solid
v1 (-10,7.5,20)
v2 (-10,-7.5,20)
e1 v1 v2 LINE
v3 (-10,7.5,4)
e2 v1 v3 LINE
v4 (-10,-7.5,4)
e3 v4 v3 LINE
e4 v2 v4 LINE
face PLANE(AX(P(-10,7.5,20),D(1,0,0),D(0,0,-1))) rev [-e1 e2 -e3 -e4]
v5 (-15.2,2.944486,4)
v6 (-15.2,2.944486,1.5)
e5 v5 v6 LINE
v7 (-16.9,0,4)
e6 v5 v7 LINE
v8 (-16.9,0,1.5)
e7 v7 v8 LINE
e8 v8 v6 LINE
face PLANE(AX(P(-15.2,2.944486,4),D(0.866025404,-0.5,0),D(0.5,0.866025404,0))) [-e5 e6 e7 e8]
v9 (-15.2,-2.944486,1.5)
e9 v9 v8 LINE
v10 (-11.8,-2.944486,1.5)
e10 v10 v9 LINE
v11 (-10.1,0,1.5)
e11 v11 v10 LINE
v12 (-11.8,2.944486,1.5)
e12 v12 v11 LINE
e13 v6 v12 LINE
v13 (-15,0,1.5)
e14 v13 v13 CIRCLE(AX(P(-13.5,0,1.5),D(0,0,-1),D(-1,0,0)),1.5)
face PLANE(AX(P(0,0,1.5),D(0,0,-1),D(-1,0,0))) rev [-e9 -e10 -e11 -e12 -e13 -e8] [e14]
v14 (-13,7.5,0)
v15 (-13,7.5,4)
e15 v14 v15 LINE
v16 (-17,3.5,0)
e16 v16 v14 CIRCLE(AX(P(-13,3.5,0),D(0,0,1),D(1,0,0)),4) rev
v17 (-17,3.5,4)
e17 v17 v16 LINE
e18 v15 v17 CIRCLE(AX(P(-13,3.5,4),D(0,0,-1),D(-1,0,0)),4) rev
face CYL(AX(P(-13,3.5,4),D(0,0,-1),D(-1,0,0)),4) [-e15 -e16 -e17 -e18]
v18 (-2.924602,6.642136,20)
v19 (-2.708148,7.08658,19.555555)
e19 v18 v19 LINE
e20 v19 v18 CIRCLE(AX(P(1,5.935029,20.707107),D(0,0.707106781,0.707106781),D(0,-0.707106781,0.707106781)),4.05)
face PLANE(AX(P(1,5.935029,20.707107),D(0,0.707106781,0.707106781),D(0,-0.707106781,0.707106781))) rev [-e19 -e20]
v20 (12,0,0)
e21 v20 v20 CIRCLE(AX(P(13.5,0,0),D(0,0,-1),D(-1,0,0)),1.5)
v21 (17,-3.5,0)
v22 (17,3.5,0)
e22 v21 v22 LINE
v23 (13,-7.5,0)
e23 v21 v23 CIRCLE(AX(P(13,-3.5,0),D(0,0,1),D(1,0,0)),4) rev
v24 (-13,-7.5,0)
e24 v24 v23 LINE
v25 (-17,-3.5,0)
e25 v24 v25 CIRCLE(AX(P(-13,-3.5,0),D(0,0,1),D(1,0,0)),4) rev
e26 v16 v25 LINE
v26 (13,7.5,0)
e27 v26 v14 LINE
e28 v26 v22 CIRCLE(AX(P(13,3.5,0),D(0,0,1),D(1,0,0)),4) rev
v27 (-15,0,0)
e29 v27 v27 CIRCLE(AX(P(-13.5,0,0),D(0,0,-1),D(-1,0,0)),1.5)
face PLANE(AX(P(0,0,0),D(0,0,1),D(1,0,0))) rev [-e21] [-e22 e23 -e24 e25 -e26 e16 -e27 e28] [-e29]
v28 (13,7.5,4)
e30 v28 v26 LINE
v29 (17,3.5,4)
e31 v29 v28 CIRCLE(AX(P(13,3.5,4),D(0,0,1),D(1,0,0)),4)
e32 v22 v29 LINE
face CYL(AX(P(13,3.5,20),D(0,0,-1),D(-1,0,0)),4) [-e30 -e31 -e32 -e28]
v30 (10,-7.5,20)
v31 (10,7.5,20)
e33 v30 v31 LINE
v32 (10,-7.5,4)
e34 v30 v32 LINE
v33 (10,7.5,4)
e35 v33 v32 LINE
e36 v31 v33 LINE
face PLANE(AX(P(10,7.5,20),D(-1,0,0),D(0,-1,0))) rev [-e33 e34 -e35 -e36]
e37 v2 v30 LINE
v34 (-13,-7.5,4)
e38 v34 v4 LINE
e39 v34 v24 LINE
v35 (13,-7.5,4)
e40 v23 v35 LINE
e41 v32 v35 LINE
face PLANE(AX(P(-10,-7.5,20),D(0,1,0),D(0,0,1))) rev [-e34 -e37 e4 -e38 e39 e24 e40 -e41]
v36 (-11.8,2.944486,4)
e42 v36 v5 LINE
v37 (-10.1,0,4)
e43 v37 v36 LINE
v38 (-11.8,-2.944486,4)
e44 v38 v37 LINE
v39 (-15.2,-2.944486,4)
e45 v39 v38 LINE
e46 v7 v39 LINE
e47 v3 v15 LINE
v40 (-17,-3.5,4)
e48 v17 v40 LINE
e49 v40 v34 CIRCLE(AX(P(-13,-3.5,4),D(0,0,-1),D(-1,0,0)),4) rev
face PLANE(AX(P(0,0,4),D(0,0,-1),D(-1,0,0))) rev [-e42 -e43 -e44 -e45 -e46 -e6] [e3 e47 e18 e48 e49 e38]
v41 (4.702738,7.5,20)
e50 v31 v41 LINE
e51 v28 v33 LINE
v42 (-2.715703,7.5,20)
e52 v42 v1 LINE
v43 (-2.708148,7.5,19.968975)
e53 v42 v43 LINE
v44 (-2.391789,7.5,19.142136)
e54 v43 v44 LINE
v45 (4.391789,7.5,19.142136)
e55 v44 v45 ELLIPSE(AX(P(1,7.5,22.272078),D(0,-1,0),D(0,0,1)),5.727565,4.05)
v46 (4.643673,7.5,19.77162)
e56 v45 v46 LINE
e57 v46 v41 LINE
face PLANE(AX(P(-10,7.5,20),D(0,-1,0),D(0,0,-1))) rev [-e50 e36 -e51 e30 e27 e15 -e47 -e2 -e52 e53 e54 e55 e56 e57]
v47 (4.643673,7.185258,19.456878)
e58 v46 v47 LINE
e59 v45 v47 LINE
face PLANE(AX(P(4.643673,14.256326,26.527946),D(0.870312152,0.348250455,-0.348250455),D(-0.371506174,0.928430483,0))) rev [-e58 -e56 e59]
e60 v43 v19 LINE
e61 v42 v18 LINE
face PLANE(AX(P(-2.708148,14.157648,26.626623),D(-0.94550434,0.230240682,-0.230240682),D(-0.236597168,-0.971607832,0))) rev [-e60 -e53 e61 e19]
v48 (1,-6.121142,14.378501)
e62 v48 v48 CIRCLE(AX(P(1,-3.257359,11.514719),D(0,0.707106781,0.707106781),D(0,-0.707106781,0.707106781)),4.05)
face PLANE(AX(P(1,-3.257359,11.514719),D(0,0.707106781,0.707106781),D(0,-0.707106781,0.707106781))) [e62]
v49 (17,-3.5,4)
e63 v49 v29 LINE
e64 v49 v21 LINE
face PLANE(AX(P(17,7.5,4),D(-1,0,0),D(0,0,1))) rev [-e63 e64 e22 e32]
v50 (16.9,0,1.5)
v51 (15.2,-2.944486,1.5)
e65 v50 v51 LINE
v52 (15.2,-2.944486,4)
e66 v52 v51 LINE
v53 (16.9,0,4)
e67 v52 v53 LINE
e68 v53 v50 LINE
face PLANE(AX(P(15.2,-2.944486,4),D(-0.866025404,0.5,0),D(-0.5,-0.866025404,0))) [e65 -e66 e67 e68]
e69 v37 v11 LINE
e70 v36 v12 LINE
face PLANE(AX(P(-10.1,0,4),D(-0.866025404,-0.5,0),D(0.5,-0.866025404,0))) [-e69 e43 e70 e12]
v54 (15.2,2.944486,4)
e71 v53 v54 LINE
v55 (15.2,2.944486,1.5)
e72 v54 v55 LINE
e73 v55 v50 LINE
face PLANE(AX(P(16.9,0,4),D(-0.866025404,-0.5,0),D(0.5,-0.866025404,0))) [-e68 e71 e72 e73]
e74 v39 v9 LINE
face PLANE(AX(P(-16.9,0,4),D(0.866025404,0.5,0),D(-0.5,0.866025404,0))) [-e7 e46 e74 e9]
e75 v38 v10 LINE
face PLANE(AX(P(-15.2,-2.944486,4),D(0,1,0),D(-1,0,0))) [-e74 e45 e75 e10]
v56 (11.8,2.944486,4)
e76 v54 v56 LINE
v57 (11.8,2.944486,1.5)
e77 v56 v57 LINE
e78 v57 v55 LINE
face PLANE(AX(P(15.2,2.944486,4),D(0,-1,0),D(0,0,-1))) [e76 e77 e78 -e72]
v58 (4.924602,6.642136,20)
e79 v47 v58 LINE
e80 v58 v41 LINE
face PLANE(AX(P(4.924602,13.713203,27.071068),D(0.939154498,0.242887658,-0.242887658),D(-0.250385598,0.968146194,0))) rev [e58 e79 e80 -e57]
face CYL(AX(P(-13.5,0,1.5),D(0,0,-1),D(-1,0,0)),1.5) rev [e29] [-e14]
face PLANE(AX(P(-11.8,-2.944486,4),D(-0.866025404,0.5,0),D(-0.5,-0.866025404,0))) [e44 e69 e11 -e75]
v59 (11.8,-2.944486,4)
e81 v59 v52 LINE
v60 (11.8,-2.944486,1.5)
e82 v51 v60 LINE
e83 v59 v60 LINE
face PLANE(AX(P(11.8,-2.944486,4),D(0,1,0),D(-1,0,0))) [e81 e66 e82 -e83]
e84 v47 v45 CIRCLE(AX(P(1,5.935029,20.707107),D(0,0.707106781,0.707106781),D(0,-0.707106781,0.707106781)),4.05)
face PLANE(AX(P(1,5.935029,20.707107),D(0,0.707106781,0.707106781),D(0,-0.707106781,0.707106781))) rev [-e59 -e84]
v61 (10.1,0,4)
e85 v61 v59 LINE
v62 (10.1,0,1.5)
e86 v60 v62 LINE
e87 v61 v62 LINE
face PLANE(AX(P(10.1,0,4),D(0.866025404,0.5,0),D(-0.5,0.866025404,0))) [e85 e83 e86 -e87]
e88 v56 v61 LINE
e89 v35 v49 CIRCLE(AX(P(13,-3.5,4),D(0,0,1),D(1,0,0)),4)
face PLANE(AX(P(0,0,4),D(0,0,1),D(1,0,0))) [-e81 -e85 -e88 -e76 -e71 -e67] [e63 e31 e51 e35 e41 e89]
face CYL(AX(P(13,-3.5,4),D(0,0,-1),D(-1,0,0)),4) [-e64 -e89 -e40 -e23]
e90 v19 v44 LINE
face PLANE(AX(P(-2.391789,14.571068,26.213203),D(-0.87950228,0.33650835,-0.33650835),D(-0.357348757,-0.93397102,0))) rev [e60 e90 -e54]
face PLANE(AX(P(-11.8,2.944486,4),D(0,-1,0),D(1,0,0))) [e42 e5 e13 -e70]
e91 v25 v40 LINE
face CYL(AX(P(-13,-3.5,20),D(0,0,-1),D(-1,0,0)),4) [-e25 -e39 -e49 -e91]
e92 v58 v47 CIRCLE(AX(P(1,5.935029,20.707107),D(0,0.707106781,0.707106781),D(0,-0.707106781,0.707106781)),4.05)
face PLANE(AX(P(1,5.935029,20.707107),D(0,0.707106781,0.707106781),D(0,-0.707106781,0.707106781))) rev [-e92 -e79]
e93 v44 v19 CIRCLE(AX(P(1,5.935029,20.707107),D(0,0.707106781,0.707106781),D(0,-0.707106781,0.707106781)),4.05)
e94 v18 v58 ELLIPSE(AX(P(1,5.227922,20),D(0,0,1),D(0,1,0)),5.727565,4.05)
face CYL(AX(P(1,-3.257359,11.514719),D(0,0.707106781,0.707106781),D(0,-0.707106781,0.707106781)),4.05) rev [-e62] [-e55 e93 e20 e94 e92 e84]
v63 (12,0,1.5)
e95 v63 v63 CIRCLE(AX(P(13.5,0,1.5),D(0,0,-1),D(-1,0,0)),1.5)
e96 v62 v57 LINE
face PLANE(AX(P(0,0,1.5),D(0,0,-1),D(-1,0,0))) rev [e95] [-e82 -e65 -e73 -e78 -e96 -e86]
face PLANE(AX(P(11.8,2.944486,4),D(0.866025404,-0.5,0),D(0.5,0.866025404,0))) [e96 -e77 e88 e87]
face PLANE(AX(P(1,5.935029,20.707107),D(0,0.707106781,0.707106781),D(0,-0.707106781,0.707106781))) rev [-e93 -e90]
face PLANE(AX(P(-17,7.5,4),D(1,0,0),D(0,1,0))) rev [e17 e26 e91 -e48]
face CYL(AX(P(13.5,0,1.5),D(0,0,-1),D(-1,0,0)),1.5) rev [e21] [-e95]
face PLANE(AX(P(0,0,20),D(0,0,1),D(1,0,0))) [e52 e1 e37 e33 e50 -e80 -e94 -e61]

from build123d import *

# Parameters (mm, degrees)
SKETCH_1_W          = 20
SKETCH_1_H          = 15
EXTRUDE_1_DEPTH     = 20
SKETCH_2_W          = 7
SKETCH_2_H          = 15
EXTRUDE_6_DEPTH     = 4
EXTRUDE_7_DEPTH     = 1.5
SKETCH_10_R         = 1.5
CUT_EXTRUDE_4_DEPTH = 1.5
FILLET_1_R          = 4
SKETCH_11_R         = 4.05
CUT_EXTRUDE_5_DEPTH = 13
CUT_EXTRUDE_6_DEPTH = 10


with BuildPart() as part:
    # 草图1 → 凸台-拉伸1 (new body)
    with BuildSketch(Plane.XY):
        Rectangle(SKETCH_1_W, SKETCH_1_H)
    extrude(amount=EXTRUDE_1_DEPTH)

    # 草图2 → 凸台-拉伸6 (add)
    # profile 1 of 2: a face of its own
    with BuildSketch(Plane.XY):
        with Locations((-13.5, 0)):
            Rectangle(SKETCH_2_W, SKETCH_2_H)
        Polygon((-10.1, 0), (-11.8, 2.944486373), (-15.2, 2.944486373), (-16.9, 0), (-15.2, -2.944486373), (-11.8, -2.944486373), align=None, mode=Mode.SUBTRACT)
    # profile 2 of 2: a face of its own
    with BuildSketch(Plane.XY):
        with Locations((13.5, 0)):
            Rectangle(SKETCH_2_W, SKETCH_2_H)
        Polygon((16.9, 0), (15.2, 2.944486373), (11.8, 2.944486373), (10.1, 0), (11.8, -2.944486373), (15.2, -2.944486373), align=None, mode=Mode.SUBTRACT)
    extrude(amount=EXTRUDE_6_DEPTH)

    # 草图9 → 凸台-拉伸7 (add)
    with BuildSketch(Plane(origin=(0, 0, 0), x_dir=(-1, 0, 0), z_dir=(0, 0, -1))):
        Polygon((-10.1, 0), (-11.8, 2.944486373), (-15.2, 2.944486373), (-16.9, 0), (-15.2, -2.944486373), (-11.8, -2.944486373), align=None)
        Polygon((16.9, 0), (15.2, 2.944486373), (11.8, 2.944486373), (10.1, 0), (11.8, -2.944486373), (15.2, -2.944486373), align=None)
    extrude(amount=-EXTRUDE_7_DEPTH)

    # 草图10 → 切除-拉伸4 (cut)
    with BuildSketch(Plane(origin=(0, 0, 0), x_dir=(-1, 0, 0), z_dir=(0, 0, -1))):
        with Locations((-13.5, 0)):
            Circle(SKETCH_10_R)
        with Locations((13.5, 0)):
            Circle(SKETCH_10_R)
    extrude(amount=-CUT_EXTRUDE_4_DEPTH, mode=Mode.SUBTRACT)

    # 圆角1
    fillet_1_edges = [part.edges().sort_by_distance(p)[0] for p in [
        (-17, 7.5, 2),
        (-17, -7.5, 2),
        (17, -7.5, 2),
        (17, 7.5, 2),
    ]]
    fillet(fillet_1_edges, radius=FILLET_1_R)

    # 草图11 → 切除-拉伸5 (cut)
    with BuildSketch(Plane(origin=(0, 13.321067812, 13.321067812), x_dir=(1, 0, 0), z_dir=(0, 0.7071067811865389, 0.7071067811865561))):
        with Locations(Location((1, -10.445436483, 0), (0, 0, 270))):
            Circle(SKETCH_11_R)
    extrude(amount=-CUT_EXTRUDE_5_DEPTH, mode=Mode.SUBTRACT)

    # 草图12 → 切除-拉伸6 (cut)
    with BuildSketch(Plane(origin=(0, 13.321067812, 13.321067812), x_dir=(1, 0, 0), z_dir=(0, -0.7071067811865389, -0.7071067811865562))):
        Polygon((4.391788695, 8.232233047), (-2.391788695, 8.232233047), (-2.708147576, 8.816896782), (-2.924601891, 9.445436483), (4.924601891, 9.445436483), (4.643673318, 8.677345775), align=None)
    extrude(amount=-CUT_EXTRUDE_6_DEPTH, mode=Mode.SUBTRACT)


solid = part.part
